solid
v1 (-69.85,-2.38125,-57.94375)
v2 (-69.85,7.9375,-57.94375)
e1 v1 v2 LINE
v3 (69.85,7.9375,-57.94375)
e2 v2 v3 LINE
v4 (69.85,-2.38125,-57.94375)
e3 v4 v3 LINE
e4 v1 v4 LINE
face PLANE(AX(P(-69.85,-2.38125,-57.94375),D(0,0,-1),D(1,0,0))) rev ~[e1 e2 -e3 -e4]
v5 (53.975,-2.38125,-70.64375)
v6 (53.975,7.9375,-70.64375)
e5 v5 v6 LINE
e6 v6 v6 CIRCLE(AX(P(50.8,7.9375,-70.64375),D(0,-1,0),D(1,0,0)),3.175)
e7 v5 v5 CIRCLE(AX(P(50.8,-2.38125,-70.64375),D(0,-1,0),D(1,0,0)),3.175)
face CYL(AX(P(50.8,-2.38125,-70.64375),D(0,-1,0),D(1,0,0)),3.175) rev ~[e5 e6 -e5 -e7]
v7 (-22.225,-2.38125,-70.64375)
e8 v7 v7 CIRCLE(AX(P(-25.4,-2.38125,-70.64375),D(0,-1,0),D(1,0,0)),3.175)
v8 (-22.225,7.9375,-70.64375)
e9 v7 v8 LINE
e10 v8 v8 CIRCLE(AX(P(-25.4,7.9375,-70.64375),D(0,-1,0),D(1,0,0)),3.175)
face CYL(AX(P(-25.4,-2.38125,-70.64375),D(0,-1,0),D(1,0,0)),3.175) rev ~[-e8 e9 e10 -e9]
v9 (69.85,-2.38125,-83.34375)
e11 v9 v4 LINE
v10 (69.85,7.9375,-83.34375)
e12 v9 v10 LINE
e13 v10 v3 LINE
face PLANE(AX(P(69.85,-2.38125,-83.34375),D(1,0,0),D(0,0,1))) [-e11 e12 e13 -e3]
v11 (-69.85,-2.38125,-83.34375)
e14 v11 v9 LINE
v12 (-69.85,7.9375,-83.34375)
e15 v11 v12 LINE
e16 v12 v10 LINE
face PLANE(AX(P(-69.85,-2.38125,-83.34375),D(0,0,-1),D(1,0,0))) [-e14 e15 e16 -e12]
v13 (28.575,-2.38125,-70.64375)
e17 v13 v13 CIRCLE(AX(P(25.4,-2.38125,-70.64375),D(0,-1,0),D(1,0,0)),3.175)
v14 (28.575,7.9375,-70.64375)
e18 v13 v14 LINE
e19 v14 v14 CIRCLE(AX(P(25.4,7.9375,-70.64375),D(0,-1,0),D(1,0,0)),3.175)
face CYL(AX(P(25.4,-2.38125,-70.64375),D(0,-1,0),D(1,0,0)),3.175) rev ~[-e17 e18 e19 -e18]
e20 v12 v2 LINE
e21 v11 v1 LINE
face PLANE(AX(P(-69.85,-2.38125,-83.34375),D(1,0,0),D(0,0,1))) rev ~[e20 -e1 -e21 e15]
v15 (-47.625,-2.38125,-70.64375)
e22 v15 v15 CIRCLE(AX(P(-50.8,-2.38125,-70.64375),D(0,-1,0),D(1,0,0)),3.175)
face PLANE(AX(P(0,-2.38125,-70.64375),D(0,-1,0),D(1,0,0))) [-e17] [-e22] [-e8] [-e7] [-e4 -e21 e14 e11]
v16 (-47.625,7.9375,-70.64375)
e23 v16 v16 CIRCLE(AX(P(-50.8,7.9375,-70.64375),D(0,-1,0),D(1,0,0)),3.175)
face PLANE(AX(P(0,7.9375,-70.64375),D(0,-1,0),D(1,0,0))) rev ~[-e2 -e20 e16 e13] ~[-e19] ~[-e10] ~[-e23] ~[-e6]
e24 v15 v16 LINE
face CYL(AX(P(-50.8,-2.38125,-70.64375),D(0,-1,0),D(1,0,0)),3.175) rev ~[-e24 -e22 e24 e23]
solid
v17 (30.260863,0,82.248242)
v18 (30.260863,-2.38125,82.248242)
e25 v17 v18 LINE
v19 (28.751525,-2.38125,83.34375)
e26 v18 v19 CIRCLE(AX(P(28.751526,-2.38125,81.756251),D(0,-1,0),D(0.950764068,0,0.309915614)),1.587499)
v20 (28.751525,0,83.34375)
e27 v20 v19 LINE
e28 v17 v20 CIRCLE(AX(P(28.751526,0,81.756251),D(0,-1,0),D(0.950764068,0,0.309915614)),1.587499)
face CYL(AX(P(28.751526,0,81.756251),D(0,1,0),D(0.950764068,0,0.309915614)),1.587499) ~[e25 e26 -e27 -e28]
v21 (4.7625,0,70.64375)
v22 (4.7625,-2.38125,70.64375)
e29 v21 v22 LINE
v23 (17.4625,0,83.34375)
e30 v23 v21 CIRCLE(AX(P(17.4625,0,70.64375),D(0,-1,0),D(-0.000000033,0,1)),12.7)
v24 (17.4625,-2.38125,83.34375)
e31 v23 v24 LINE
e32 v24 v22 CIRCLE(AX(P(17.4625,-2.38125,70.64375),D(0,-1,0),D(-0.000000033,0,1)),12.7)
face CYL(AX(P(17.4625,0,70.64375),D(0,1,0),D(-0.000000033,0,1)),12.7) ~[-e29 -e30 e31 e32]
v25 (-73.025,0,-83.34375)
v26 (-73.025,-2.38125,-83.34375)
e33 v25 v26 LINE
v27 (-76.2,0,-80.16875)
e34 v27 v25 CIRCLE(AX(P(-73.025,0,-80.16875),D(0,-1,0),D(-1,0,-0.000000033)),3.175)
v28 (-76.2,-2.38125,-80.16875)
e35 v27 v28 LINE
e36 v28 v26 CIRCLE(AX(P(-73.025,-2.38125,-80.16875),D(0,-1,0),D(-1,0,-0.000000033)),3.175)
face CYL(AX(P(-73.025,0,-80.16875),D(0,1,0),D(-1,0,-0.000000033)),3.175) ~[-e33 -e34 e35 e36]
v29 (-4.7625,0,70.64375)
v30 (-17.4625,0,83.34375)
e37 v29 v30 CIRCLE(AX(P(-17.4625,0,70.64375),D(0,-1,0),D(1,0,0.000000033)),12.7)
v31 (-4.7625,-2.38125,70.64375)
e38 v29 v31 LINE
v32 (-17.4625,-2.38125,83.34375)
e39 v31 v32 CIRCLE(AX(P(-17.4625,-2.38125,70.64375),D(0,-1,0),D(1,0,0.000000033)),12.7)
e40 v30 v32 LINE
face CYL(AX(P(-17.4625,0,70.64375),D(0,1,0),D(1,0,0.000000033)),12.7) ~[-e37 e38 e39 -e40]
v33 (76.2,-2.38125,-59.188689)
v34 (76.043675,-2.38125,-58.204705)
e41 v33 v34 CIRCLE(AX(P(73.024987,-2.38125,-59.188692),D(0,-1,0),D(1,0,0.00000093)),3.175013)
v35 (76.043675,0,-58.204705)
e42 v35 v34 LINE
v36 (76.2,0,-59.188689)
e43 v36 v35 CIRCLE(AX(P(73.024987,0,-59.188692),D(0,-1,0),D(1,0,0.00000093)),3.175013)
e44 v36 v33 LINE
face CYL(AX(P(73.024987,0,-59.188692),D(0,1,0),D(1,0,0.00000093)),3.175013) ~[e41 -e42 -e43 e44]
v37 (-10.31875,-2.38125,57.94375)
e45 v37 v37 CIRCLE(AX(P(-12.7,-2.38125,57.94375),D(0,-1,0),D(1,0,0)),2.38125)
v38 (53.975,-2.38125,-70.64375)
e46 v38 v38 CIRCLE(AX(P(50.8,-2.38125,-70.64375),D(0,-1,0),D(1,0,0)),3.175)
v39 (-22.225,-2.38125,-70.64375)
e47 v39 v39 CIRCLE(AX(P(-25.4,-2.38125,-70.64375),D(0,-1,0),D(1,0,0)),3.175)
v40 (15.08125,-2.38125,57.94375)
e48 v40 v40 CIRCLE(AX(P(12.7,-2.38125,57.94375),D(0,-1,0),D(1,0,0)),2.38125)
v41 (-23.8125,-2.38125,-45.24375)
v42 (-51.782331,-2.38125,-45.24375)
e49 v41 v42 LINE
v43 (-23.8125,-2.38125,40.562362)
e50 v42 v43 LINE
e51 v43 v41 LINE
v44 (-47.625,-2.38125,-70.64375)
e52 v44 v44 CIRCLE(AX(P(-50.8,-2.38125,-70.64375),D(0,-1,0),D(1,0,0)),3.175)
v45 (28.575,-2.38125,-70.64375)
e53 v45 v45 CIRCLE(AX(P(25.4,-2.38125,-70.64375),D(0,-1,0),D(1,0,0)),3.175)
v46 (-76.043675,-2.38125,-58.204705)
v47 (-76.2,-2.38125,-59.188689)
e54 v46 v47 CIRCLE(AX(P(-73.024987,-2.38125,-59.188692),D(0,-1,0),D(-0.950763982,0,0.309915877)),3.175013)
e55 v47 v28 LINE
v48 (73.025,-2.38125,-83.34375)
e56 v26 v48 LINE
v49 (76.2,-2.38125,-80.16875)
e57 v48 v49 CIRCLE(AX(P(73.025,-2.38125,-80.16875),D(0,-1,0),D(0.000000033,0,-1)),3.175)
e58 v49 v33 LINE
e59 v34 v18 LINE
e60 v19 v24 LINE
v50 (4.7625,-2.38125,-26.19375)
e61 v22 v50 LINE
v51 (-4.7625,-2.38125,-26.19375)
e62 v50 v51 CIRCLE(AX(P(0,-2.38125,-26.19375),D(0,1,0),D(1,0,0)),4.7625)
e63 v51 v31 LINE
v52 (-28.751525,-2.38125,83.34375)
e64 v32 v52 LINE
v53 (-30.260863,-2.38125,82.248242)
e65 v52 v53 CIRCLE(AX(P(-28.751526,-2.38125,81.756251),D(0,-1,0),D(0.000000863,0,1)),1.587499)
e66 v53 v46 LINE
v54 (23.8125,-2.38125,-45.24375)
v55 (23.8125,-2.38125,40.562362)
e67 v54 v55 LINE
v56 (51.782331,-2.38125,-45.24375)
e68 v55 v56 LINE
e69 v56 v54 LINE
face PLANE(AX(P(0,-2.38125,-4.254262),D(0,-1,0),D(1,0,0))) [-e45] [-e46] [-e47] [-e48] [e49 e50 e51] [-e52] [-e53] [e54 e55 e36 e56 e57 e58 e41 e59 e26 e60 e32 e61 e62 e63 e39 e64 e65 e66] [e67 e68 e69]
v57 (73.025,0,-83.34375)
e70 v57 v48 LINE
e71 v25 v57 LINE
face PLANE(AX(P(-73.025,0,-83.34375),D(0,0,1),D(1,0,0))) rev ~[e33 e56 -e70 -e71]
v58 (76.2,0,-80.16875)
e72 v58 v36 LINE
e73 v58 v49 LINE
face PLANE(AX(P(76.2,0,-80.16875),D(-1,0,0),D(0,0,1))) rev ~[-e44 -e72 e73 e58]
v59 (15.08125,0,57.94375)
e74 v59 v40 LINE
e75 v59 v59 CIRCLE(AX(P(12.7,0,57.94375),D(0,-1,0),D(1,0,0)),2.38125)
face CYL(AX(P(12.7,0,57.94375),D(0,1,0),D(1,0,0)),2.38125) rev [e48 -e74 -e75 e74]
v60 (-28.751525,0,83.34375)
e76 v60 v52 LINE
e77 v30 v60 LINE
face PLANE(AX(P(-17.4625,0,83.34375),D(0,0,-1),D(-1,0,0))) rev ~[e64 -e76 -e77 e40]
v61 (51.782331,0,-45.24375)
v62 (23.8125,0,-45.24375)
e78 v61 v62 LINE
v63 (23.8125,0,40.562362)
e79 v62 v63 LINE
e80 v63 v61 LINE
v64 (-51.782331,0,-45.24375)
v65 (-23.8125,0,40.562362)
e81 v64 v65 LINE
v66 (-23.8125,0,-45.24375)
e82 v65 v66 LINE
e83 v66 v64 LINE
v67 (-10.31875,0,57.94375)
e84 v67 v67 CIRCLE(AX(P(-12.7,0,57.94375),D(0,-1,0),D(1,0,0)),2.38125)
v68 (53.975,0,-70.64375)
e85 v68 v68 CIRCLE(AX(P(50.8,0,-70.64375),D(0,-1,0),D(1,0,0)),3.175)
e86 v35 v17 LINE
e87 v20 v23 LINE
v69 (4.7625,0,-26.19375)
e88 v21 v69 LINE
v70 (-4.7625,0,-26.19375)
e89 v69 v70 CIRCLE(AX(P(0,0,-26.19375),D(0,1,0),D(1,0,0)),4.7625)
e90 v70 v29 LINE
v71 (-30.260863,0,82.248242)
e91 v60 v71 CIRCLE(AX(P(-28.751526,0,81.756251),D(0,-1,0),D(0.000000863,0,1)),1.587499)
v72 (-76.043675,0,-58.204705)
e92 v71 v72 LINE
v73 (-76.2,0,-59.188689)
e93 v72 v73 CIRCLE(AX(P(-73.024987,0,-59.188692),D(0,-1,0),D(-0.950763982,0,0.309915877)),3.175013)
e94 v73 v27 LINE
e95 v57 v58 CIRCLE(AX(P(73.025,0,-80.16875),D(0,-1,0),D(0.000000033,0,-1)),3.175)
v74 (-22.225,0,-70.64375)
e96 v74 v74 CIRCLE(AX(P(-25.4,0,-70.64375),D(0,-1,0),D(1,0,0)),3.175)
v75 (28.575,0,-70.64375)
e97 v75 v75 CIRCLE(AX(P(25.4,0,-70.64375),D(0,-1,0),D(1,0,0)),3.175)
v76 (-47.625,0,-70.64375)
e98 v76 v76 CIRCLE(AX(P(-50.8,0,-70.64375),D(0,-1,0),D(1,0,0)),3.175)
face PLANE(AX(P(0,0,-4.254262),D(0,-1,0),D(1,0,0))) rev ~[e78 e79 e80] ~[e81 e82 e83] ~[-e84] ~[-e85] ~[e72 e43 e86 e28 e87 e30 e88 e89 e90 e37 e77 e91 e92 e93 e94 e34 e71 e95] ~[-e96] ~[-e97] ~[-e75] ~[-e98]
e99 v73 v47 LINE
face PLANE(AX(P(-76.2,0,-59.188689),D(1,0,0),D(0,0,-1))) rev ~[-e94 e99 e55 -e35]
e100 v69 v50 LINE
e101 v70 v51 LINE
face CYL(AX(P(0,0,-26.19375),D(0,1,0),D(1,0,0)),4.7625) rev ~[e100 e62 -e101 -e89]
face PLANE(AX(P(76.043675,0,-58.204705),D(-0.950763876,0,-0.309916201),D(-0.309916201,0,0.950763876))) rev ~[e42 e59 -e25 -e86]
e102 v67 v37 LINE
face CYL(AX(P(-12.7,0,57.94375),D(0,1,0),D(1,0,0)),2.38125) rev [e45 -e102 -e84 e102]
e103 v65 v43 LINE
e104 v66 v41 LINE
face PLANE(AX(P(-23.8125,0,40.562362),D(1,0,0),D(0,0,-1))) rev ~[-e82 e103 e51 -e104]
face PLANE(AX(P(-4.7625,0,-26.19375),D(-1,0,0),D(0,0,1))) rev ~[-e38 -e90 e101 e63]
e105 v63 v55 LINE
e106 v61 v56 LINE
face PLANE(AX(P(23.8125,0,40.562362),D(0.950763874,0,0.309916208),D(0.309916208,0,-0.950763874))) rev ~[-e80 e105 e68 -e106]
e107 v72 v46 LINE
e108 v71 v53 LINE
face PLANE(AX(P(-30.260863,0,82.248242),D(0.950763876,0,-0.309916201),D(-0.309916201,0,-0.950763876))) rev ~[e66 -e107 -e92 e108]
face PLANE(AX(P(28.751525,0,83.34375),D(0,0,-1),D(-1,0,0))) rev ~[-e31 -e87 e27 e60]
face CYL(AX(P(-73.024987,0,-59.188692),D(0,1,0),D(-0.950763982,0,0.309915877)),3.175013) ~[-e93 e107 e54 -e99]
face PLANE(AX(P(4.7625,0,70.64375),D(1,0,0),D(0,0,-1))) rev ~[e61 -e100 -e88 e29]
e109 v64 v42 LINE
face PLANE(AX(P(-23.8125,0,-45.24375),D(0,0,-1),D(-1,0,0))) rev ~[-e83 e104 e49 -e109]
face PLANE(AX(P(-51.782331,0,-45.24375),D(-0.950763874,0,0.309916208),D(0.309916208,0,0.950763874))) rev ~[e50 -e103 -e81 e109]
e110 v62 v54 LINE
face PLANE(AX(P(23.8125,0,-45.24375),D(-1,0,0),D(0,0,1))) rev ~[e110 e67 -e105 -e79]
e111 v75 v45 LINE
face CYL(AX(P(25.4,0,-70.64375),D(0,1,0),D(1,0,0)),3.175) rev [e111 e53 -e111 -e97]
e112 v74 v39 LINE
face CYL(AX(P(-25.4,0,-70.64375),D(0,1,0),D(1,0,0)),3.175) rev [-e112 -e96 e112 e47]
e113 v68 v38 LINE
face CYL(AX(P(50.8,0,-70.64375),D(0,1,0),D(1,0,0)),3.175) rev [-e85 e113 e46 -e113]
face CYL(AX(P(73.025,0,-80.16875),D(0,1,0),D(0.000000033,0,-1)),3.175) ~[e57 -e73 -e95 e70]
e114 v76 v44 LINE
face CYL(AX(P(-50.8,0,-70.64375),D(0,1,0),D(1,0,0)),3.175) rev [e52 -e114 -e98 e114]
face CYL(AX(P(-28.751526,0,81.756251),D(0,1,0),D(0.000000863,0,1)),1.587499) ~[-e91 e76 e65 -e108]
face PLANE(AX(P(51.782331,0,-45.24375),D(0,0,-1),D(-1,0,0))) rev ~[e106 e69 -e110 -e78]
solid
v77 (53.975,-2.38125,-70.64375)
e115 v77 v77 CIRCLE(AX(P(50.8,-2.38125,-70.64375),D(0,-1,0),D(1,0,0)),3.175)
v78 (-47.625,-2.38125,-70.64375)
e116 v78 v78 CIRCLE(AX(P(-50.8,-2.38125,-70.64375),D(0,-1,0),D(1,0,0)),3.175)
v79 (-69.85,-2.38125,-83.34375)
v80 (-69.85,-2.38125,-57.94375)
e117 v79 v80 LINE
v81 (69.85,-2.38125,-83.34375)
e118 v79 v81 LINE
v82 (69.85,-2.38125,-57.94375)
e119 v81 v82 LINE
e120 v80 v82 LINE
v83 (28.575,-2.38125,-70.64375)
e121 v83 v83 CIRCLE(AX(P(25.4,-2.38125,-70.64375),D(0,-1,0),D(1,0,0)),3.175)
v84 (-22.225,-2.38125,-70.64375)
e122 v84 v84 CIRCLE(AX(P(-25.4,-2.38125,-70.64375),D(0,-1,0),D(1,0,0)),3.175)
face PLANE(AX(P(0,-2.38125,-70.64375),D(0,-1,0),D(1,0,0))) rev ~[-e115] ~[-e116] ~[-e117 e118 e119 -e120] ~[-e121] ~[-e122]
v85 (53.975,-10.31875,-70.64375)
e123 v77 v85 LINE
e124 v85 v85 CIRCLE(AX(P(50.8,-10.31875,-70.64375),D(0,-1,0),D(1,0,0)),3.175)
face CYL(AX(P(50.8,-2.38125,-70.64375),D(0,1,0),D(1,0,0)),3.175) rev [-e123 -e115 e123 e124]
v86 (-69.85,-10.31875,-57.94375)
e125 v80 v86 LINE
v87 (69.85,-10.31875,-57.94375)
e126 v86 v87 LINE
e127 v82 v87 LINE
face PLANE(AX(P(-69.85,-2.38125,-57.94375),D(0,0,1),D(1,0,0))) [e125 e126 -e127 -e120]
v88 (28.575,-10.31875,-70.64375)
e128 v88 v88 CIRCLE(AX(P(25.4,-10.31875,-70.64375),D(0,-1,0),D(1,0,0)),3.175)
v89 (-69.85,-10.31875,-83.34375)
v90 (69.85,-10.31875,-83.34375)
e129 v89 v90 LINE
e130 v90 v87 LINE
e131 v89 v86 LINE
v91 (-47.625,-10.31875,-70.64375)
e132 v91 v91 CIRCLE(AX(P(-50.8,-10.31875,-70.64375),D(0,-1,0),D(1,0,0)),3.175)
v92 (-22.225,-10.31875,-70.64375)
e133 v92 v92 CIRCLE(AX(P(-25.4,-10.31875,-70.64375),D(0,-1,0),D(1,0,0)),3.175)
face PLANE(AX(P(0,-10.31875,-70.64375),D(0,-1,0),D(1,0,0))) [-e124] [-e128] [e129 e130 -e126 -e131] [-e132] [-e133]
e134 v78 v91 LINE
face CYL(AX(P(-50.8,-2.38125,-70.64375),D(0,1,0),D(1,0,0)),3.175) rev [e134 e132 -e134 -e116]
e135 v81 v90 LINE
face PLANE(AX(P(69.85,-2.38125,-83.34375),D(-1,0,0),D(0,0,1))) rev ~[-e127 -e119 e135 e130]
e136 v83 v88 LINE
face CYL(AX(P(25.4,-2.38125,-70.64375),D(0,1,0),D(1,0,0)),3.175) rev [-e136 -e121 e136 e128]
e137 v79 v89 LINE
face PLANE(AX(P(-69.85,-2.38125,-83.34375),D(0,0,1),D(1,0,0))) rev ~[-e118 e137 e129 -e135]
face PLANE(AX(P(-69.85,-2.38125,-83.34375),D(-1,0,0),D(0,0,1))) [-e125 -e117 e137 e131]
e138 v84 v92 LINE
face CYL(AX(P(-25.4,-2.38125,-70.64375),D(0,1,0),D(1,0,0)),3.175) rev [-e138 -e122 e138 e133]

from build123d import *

# Parameters (mm, degrees)
F0_R     = 3.175
F0_R_2   = 2.38125
F1_DEPTH = 2.38125
F2_W     = 139.7
F2_H     = 25.4
F2_R     = 3.175
F3_DEPTH = 7.9375
F4_DEPTH = 10.31875


with BuildPart() as f1:
    # F0 (on Front) → F1 (new body)
    with BuildSketch(Plane.XZ):
        with BuildLine():
            ThreePointArc((-76.2, -80.16875), (-75.270064, -82.413814), (-73.025, -83.34375))
            Line((-73.025, -83.34375), (73.025, -83.34375))
            ThreePointArc((73.025, -83.34375), (75.270064, -82.413814), (76.2, -80.16875))
            Line((76.2, -80.16875), (76.2, -59.188689))
            ThreePointArc((76.2, -59.188689), (76.160675, -58.690527), (76.043675, -58.204705))
            Line((76.043675, -58.204705), (30.260863, 82.248242))
            ThreePointArc((30.260863, 82.248242), (29.684027, 83.041006), (28.751525, 83.34375))
            Line((28.751525, 83.34375), (17.4625, 83.34375))
            ThreePointArc((17.4625, 83.34375), (8.482244, 79.624006), (4.7625, 70.64375))
            Line((4.7625, 70.64375), (4.7625, -26.19375))
            ThreePointArc((4.7625, -26.19375), (0, -30.95625), (-4.7625, -26.19375))
            Line((-4.7625, -26.19375), (-4.7625, 70.64375))
            ThreePointArc((-4.7625, 70.64375), (-8.482244, 79.624006), (-17.4625, 83.34375))
            Line((-17.4625, 83.34375), (-28.751525, 83.34375))
            ThreePointArc((-28.751525, 83.34375), (-29.684027, 83.041006), (-30.260863, 82.248242))
            Line((-30.260863, 82.248242), (-76.043675, -58.204705))
            ThreePointArc((-76.043675, -58.204705), (-76.160675, -58.690527), (-76.2, -59.188689))
            Line((-76.2, -59.188689), (-76.2, -80.16875))
        make_face()
        with Locations((-50.8, -70.64375)):
            Circle(F0_R, mode=Mode.SUBTRACT)
        with Locations((-25.4, -70.64375)):
            Circle(F0_R, mode=Mode.SUBTRACT)
        Polygon((-51.782331, -45.24375), (-23.8125, 40.562362), (-23.8125, -45.24375), align=None, mode=Mode.SUBTRACT)
        with Locations((25.4, -70.64375)):
            Circle(F0_R, mode=Mode.SUBTRACT)
        with Locations((50.8, -70.64375)):
            Circle(F0_R, mode=Mode.SUBTRACT)
        Polygon((51.782331, -45.24375), (23.8125, -45.24375), (23.8125, 40.562362), align=None, mode=Mode.SUBTRACT)
        with Locations((-12.7, 57.94375)):
            Circle(F0_R_2, mode=Mode.SUBTRACT)
        with Locations((12.7, 57.94375)):
            Circle(F0_R_2, mode=Mode.SUBTRACT)
    extrude(amount=F1_DEPTH)


with BuildPart() as f3:
    # F2 (on face) → F3 (new body)
    with BuildSketch(Plane.XZ.offset(2.38125)):
        with Locations((0, -70.64375)):
            Rectangle(F2_W, F2_H)
        with Locations((-50.8, -70.64375)):
            Circle(F2_R, mode=Mode.SUBTRACT)
        with Locations((-25.4, -70.64375)):
            Circle(F2_R, mode=Mode.SUBTRACT)
        with Locations((25.4, -70.64375)):
            Circle(F2_R, mode=Mode.SUBTRACT)
        with Locations((50.8, -70.64375)):
            Circle(F2_R, mode=Mode.SUBTRACT)
    extrude(amount=F3_DEPTH)


with BuildPart() as f4:
    # F2 (on face) → F4 (new body)
    with BuildSketch(Plane.XZ.offset(2.38125)):
        with Locations((0, -70.64375)):
            Rectangle(F2_W, F2_H)
        with Locations((-50.8, -70.64375)):
            Circle(F2_R, mode=Mode.SUBTRACT)
        with Locations((-25.4, -70.64375)):
            Circle(F2_R, mode=Mode.SUBTRACT)
        with Locations((25.4, -70.64375)):
            Circle(F2_R, mode=Mode.SUBTRACT)
        with Locations((50.8, -70.64375)):
            Circle(F2_R, mode=Mode.SUBTRACT)
    extrude(amount=-F4_DEPTH)


solid = Compound([f1.part, f3.part, f4.part])
